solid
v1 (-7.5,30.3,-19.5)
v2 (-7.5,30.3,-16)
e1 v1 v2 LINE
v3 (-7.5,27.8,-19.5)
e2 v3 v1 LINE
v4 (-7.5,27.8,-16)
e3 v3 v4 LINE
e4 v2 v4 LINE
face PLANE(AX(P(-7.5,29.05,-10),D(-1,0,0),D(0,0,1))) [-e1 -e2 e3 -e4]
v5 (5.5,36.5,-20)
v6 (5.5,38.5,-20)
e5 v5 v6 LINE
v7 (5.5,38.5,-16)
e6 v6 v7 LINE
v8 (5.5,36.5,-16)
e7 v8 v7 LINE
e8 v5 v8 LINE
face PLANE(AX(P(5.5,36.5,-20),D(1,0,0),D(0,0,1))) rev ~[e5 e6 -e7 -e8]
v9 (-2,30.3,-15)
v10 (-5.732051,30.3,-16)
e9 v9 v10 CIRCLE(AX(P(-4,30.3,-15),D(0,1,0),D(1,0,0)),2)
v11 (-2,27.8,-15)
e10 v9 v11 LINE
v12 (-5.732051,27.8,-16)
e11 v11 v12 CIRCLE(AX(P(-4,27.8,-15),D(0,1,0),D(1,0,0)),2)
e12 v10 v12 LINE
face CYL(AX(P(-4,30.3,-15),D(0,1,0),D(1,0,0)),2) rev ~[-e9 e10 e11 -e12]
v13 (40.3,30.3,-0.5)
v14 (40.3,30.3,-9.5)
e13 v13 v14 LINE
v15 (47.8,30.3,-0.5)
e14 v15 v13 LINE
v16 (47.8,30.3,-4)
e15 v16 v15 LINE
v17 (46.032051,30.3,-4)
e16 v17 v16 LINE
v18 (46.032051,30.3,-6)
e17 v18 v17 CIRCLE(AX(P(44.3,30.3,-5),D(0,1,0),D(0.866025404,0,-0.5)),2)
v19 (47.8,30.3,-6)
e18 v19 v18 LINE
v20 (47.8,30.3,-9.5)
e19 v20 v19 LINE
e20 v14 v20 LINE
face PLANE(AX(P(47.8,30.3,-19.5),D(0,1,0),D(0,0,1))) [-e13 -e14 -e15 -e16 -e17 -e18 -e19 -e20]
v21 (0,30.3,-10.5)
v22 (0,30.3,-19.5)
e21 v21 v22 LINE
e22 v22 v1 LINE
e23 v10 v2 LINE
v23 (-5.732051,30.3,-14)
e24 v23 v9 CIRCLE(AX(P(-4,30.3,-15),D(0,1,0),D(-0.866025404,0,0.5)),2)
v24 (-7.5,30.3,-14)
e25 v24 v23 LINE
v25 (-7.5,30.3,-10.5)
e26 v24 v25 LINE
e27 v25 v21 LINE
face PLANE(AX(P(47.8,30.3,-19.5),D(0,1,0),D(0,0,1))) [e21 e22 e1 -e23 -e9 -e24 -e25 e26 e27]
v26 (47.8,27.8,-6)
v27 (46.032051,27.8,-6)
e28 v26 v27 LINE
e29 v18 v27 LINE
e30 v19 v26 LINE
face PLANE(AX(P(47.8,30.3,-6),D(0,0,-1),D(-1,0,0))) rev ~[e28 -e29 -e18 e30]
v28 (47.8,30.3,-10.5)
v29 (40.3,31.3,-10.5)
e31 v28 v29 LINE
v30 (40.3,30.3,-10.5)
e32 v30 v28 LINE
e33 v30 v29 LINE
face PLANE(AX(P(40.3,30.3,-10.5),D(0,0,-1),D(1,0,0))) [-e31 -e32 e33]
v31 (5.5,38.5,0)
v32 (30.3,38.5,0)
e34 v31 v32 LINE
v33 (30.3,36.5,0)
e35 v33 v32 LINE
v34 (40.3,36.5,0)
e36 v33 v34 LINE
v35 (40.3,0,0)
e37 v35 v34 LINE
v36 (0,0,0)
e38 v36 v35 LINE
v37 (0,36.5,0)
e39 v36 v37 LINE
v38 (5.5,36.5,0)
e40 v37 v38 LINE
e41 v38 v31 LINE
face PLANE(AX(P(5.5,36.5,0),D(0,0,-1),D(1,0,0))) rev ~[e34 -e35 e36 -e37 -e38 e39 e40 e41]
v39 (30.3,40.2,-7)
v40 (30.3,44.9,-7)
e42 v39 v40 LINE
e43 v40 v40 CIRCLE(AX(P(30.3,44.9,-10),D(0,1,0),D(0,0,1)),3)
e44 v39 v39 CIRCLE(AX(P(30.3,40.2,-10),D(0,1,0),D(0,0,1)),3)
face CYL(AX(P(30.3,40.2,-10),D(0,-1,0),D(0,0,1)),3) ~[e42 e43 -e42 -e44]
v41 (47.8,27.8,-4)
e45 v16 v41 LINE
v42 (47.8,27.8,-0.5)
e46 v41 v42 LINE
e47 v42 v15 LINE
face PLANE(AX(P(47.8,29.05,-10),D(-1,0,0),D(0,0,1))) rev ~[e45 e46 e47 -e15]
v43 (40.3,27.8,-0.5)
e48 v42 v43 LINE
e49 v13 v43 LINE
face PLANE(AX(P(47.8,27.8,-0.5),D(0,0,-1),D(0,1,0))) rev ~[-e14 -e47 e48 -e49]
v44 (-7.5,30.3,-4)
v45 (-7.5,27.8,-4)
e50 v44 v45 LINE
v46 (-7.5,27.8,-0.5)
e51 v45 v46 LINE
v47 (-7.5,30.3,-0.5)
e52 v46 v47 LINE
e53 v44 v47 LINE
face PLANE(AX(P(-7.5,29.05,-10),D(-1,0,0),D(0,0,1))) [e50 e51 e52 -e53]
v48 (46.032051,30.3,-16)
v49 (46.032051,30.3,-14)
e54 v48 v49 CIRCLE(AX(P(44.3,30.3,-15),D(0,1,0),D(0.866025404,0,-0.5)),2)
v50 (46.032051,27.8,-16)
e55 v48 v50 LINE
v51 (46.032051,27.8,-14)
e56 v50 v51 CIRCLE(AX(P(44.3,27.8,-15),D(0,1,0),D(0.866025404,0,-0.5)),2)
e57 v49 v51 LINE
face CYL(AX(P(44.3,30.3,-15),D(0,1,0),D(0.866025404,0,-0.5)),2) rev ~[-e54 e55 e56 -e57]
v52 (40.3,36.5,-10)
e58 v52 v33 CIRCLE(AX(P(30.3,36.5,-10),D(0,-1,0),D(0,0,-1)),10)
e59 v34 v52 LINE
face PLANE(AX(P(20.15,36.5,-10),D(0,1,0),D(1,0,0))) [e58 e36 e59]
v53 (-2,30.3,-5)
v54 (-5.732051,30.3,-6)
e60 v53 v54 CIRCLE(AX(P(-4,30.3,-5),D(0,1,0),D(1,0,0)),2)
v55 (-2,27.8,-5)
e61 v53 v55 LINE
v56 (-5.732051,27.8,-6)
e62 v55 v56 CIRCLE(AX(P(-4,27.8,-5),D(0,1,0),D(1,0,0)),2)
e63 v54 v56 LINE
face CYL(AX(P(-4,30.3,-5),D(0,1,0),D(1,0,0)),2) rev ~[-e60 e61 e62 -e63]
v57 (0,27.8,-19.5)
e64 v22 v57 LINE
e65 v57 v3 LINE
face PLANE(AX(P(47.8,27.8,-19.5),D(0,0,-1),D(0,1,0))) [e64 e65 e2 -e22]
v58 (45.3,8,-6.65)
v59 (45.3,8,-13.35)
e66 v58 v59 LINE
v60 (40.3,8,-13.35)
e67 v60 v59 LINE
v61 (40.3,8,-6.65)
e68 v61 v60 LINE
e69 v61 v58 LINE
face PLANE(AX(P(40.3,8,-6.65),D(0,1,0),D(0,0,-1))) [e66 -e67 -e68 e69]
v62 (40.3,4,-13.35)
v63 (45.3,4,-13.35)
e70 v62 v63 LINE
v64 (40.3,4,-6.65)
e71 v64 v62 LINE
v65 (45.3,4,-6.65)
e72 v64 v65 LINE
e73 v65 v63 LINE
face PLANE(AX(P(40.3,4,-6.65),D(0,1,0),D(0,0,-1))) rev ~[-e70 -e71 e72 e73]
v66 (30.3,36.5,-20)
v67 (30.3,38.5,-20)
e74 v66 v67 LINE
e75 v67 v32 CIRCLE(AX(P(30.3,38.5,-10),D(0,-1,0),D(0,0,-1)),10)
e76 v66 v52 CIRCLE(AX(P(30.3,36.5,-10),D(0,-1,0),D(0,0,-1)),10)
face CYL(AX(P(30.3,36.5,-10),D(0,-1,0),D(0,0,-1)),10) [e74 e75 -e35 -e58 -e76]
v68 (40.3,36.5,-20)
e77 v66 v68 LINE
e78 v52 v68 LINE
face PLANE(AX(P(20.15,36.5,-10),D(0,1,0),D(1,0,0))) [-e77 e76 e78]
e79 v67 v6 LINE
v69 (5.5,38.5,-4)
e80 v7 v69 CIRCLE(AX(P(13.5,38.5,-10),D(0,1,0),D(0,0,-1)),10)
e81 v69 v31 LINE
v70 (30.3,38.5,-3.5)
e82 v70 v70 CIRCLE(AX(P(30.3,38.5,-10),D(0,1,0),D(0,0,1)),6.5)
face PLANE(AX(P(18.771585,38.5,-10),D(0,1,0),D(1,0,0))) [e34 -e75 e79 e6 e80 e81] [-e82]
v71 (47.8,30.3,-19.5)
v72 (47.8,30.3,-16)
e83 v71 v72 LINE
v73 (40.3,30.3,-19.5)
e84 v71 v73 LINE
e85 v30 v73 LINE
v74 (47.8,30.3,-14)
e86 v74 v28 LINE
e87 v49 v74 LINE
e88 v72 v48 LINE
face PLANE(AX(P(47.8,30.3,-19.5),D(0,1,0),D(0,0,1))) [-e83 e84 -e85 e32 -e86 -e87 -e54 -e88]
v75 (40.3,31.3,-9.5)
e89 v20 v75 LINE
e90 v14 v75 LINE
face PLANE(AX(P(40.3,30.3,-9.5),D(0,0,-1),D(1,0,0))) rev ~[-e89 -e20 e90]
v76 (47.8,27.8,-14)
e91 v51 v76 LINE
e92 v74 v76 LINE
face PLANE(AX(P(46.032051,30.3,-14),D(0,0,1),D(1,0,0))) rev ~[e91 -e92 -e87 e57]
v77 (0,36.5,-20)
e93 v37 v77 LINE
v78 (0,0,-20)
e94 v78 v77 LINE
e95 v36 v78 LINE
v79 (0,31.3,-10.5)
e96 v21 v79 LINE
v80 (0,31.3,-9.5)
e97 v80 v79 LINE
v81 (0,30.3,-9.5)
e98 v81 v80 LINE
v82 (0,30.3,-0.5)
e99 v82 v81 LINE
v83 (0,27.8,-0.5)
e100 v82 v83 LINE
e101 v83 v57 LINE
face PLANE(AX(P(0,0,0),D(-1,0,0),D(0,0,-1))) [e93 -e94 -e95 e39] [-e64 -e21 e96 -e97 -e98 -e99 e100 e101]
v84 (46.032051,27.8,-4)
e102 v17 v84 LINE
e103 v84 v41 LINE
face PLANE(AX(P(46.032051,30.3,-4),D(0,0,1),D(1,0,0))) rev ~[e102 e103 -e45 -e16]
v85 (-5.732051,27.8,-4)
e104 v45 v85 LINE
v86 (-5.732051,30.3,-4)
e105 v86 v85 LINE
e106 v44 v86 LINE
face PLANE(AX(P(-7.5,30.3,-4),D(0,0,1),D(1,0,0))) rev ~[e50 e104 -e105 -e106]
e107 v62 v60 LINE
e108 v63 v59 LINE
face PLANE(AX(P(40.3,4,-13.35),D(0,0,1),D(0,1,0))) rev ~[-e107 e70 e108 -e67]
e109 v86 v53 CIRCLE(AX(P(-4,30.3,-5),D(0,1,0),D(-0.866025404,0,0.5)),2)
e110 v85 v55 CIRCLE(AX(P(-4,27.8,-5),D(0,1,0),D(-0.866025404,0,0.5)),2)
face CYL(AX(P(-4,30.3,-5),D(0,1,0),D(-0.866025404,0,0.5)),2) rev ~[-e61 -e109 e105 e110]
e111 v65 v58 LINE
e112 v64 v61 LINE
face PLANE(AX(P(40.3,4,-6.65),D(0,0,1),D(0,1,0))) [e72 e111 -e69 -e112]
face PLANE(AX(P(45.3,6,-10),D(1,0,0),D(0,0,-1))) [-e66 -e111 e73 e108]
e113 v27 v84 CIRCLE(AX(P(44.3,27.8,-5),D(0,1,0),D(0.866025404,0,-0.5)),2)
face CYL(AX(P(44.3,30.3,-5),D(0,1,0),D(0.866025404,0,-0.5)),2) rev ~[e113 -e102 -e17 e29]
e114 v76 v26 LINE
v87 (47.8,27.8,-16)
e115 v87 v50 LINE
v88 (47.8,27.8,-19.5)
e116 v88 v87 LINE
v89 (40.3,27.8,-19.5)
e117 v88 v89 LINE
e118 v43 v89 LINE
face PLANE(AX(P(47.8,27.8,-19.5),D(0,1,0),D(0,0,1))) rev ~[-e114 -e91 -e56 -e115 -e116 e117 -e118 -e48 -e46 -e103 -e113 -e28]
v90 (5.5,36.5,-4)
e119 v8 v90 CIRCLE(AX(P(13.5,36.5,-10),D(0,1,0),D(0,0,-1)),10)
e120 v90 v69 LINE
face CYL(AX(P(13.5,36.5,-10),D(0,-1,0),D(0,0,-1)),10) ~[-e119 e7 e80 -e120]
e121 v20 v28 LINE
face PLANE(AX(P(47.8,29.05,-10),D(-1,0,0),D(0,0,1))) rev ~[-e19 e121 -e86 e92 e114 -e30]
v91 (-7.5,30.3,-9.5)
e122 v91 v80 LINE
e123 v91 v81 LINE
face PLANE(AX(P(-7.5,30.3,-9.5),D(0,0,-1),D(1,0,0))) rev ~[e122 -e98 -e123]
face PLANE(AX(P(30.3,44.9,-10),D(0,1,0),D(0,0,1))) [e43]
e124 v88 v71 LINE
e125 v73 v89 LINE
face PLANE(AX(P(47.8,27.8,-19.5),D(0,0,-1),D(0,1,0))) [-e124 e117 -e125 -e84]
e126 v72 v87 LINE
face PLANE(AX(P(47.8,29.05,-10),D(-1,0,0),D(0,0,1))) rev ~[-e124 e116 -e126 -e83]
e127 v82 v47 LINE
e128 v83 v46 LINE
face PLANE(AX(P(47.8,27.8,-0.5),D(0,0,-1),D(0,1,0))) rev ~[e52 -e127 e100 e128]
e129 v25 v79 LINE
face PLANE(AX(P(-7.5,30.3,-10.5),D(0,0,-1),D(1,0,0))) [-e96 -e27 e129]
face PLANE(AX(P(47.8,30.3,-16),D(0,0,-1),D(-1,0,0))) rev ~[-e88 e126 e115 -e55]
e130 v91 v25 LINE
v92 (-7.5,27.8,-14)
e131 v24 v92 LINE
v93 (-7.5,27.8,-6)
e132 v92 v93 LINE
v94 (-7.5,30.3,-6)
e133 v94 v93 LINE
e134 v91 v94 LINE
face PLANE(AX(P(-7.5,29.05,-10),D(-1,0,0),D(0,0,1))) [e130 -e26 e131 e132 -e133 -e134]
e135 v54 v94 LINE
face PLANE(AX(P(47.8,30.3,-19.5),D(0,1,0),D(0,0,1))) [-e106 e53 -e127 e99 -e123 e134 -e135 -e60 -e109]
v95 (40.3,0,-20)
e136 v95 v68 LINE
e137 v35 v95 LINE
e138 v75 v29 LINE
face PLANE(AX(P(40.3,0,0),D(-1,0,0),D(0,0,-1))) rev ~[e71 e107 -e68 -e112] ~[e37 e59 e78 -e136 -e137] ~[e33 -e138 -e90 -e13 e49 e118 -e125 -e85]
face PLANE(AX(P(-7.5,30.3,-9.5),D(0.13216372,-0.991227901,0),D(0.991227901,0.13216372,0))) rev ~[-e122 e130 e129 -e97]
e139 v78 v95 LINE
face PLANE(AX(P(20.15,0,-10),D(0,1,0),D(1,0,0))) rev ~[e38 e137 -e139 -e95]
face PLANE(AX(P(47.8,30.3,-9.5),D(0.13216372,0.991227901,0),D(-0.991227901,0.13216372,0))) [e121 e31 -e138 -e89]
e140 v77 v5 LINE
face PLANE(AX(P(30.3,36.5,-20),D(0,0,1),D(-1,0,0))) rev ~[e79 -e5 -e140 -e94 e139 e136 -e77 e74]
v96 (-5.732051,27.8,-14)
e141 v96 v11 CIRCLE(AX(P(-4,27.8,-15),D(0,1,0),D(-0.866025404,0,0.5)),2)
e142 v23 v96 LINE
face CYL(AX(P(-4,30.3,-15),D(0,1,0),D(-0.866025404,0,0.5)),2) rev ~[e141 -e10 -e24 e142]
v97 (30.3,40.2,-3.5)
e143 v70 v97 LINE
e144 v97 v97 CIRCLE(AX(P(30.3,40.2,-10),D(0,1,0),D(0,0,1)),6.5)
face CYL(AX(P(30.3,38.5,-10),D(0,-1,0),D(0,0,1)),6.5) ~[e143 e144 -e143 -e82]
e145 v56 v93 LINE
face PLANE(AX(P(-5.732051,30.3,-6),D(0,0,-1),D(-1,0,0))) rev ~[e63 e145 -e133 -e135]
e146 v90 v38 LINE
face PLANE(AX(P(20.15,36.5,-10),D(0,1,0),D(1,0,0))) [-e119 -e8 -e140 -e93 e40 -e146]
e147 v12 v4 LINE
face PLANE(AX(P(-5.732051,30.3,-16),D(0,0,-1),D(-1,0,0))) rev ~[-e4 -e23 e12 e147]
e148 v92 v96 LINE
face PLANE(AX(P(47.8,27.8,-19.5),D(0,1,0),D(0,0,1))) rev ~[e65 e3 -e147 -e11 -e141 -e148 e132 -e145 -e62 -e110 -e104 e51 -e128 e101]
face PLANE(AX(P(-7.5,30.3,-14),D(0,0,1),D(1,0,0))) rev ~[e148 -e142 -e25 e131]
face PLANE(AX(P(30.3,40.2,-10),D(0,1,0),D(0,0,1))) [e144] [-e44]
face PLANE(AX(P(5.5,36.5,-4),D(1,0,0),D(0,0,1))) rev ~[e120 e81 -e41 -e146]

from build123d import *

# Parameters (mm, degrees)
SKETCH1_W                = 40.3
SKETCH1_H                = 20
BOSS_EXTRUDE1_DEPTH      = 36.5
BOSS_EXTRUDE2_DEPTH      = 7.5
BOSS_EXTRUDE2_DEPTH_BACK = 47.8
SKETCH2_W                = 19
SKETCH2_H                = 2.5
CUT_EXTRUDE1_DEPTH       = 7.5
SKETCH5_W                = 7.5
SKETCH5_H                = 1
BOSS_EXTRUDE3_DEPTH      = 1
CUT_EXTRUDE2_DEPTH       = 1
BOSS_EXTRUDE4_DEPTH      = 2
SKETCH8_R                = 6.5
BOSS_EXTRUDE5_DEPTH      = 1.7
SKETCH9_R                = 3
BOSS_EXTRUDE6_DEPTH      = 4.7
SKETCH10_W               = 6.7
SKETCH10_H               = 4
BOSS_EXTRUDE7_DEPTH      = 5


with BuildPart() as part:
    # Sketch1 → Boss-Extrude1 (new body)
    with BuildSketch(Plane(origin=(0, 0, 0), x_dir=(1, 0, 0), z_dir=(0, 1, 0))):
        with Locations((20.15, 10)):
            Rectangle(SKETCH1_W, SKETCH1_H)
    extrude(amount=BOSS_EXTRUDE1_DEPTH)

    # Sketch2 → Boss-Extrude2 (add, two sides: drawn at the far end of the back side and taken through both)
    with BuildSketch(Plane.ZY.offset(-BOSS_EXTRUDE2_DEPTH_BACK)):
        with Locations((-10, 29.05)):
            Rectangle(SKETCH2_W, SKETCH2_H)
    extrude(amount=BOSS_EXTRUDE2_DEPTH + BOSS_EXTRUDE2_DEPTH_BACK)

    # Sketch3 → Cut-Extrude1 (cut)
    with BuildSketch(Plane(origin=(0, 30.3, 0), x_dir=(1, 0, 0), z_dir=(0, 1, 0))):
        with BuildLine():
            Line((-5.732050808, 14), (-5.5, 14))
            Line((-5.5, 14), (-5.5, 16))
            Line((-5.5, 16), (-5.732050808, 16))
            ThreePointArc((-5.732050808, 16), (-6, 15), (-5.732050808, 14))
        make_face()
        with BuildLine():
            Line((-5.5, 16), (-5.5, 14))
            Line((-5.5, 14), (-5.732050808, 14))
            ThreePointArc((-5.732050808, 14), (-3.48236191, 13.068148347), (-2, 15))
            ThreePointArc((-2, 15), (-3.48236191, 16.931851653), (-5.732050808, 16))
            Line((-5.732050808, 16), (-5.5, 16))
        make_face()
        with BuildLine():
            Line((-7.5, 14), (-5.732050808, 14))
            ThreePointArc((-5.732050808, 14), (-6, 15), (-5.732050808, 16))
            Line((-5.732050808, 16), (-7.5, 16))
            Line((-7.5, 16), (-7.5, 14))
        make_face()
        with BuildLine():
            Line((-7.5, 4), (-5.732050808, 4))
            ThreePointArc((-5.732050808, 4), (-6, 5), (-5.732050808, 6))
            Line((-5.732050808, 6), (-7.5, 6))
            Line((-7.5, 6), (-7.5, 4))
        make_face()
        with BuildLine():
            Line((-5.732050808, 4), (-5.5, 4))
            Line((-5.5, 4), (-5.5, 6))
            Line((-5.5, 6), (-5.732050808, 6))
            ThreePointArc((-5.732050808, 6), (-6, 5), (-5.732050808, 4))
        make_face()
        with BuildLine():
            Line((-5.5, 6), (-5.5, 4))
            Line((-5.5, 4), (-5.732050808, 4))
            ThreePointArc((-5.732050808, 4), (-3.48236191, 3.068148347), (-2, 5))
            ThreePointArc((-2, 5), (-3.48236191, 6.931851653), (-5.732050808, 6))
            Line((-5.732050808, 6), (-5.5, 6))
        make_face()
        with BuildLine():
            ThreePointArc((46.032050808, 16), (42.3, 15), (46.032050808, 14))
            Line((46.032050808, 14), (45.8, 14))
            Line((45.8, 14), (45.8, 16))
            Line((45.8, 16), (46.032050808, 16))
        make_face()
        with BuildLine():
            Line((45.8, 14), (46.032050808, 14))
            ThreePointArc((46.032050808, 14), (46.231851653, 14.48236191), (46.3, 15))
            ThreePointArc((46.3, 15), (46.231851653, 15.51763809), (46.032050808, 16))
            Line((46.032050808, 16), (45.8, 16))
            Line((45.8, 16), (45.8, 14))
        make_face()
        with BuildLine():
            Line((46.032050808, 14), (47.8, 14))
            Line((47.8, 14), (47.8, 16))
            Line((47.8, 16), (46.032050808, 16))
            ThreePointArc((46.032050808, 16), (46.231851653, 15.51763809), (46.3, 15))
            ThreePointArc((46.3, 15), (46.231851653, 14.48236191), (46.032050808, 14))
        make_face()
        with BuildLine():
            ThreePointArc((46.032050808, 6), (42.3, 5), (46.032050808, 4))
            Line((46.032050808, 4), (45.8, 4))
            Line((45.8, 4), (45.8, 6))
            Line((45.8, 6), (46.032050808, 6))
        make_face()
        with BuildLine():
            Line((45.8, 4), (46.032050808, 4))
            ThreePointArc((46.032050808, 4), (46.231851653, 4.48236191), (46.3, 5))
            ThreePointArc((46.3, 5), (46.231851653, 5.51763809), (46.032050808, 6))
            Line((46.032050808, 6), (45.8, 6))
            Line((45.8, 6), (45.8, 4))
        make_face()
        with BuildLine():
            Line((46.032050808, 4), (47.8, 4))
            Line((47.8, 4), (47.8, 6))
            Line((47.8, 6), (46.032050808, 6))
            ThreePointArc((46.032050808, 6), (46.231851653, 5.51763809), (46.3, 5))
            ThreePointArc((46.3, 5), (46.231851653, 4.48236191), (46.032050808, 4))
        make_face()
    extrude(amount=-CUT_EXTRUDE1_DEPTH, mode=Mode.SUBTRACT)

    # Sketch5 → Boss-Extrude3 (add)
    with BuildSketch(Plane(origin=(0, 30.3, 0), x_dir=(1, 0, 0), z_dir=(0, 1, 0))):
        with Locations((44.05, 10)):
            Rectangle(SKETCH5_W, SKETCH5_H)
        with Locations((-3.75, 10)):
            Rectangle(SKETCH5_W, SKETCH5_H)
    extrude(amount=BOSS_EXTRUDE3_DEPTH)

    # Sketch6 → Cut-Extrude2 (cut)
    with BuildSketch(Plane.XY.offset(-9.5)):
        Polygon((0, 31.3), (-7.5, 31.3), (-7.5, 30.3), align=None)
        Polygon((47.8, 30.3), (40.3, 31.3), (47.8, 31.3), align=None)
    extrude(amount=-CUT_EXTRUDE2_DEPTH, mode=Mode.SUBTRACT)

    # Sketch7 → Boss-Extrude4 (add)
    with BuildSketch(Plane(origin=(0, 36.5, 0), x_dir=(1, 0, 0), z_dir=(0, 1, 0))):
        with BuildLine():
            Line((30.3, 20), (13.5, 20))
            ThreePointArc((13.5, 20), (9.027864045, 18.94427191), (5.5, 16))
            Line((5.5, 16), (5.5, 4))
            ThreePointArc((5.5, 4), (9.027864045, 1.05572809), (13.5, 0))
            Line((13.5, 0), (30.3, 0))
            Line((30.3, 0), (30.3, 20))
        make_face()
        with BuildLine():
            Line((5.5, 4), (5.5, 16))
            ThreePointArc((5.5, 16), (3.5, 10), (5.5, 4))
        make_face()
        with BuildLine():
            Line((13.5, 20), (5.5, 20))
            Line((5.5, 20), (5.5, 16))
            ThreePointArc((5.5, 16), (9.027864045, 18.94427191), (13.5, 20))
        make_face()
        with BuildLine():
            ThreePointArc((13.5, 0), (9.027864045, 1.05572809), (5.5, 4))
            Line((5.5, 4), (5.5, 0))
            Line((5.5, 0), (13.5, 0))
        make_face()
        with BuildLine():
            ThreePointArc((30.3, 20), (40.3, 10), (30.3, 0))
            Line((30.3, 0), (30.3, 20))
        make_face()
    extrude(amount=BOSS_EXTRUDE4_DEPTH)

    # Sketch8 → Boss-Extrude5 (add)
    with BuildSketch(Plane(origin=(0, 38.5, 0), x_dir=(1, 0, 0), z_dir=(0, 1, 0))):
        with Locations(Location((30.3, 10, 0), (0, 0, 270))):
            Circle(SKETCH8_R)
    extrude(amount=BOSS_EXTRUDE5_DEPTH)

    # Sketch9 → Boss-Extrude6 (add)
    with BuildSketch(Plane(origin=(0, 40.2, 0), x_dir=(1, 0, 0), z_dir=(0, 1, 0))):
        with Locations(Location((30.3, 10, 0), (0, 0, 270))):
            Circle(SKETCH9_R)
    extrude(amount=BOSS_EXTRUDE6_DEPTH)

    # Sketch10 → Boss-Extrude7 (add)
    with BuildSketch(Plane(origin=(40.3, 0, 0), x_dir=(0, 0, -1), z_dir=(1, 0, 0))):
        with Locations((10, 6)):
            Rectangle(SKETCH10_W, SKETCH10_H)
    extrude(amount=BOSS_EXTRUDE7_DEPTH)


solid = part.part
